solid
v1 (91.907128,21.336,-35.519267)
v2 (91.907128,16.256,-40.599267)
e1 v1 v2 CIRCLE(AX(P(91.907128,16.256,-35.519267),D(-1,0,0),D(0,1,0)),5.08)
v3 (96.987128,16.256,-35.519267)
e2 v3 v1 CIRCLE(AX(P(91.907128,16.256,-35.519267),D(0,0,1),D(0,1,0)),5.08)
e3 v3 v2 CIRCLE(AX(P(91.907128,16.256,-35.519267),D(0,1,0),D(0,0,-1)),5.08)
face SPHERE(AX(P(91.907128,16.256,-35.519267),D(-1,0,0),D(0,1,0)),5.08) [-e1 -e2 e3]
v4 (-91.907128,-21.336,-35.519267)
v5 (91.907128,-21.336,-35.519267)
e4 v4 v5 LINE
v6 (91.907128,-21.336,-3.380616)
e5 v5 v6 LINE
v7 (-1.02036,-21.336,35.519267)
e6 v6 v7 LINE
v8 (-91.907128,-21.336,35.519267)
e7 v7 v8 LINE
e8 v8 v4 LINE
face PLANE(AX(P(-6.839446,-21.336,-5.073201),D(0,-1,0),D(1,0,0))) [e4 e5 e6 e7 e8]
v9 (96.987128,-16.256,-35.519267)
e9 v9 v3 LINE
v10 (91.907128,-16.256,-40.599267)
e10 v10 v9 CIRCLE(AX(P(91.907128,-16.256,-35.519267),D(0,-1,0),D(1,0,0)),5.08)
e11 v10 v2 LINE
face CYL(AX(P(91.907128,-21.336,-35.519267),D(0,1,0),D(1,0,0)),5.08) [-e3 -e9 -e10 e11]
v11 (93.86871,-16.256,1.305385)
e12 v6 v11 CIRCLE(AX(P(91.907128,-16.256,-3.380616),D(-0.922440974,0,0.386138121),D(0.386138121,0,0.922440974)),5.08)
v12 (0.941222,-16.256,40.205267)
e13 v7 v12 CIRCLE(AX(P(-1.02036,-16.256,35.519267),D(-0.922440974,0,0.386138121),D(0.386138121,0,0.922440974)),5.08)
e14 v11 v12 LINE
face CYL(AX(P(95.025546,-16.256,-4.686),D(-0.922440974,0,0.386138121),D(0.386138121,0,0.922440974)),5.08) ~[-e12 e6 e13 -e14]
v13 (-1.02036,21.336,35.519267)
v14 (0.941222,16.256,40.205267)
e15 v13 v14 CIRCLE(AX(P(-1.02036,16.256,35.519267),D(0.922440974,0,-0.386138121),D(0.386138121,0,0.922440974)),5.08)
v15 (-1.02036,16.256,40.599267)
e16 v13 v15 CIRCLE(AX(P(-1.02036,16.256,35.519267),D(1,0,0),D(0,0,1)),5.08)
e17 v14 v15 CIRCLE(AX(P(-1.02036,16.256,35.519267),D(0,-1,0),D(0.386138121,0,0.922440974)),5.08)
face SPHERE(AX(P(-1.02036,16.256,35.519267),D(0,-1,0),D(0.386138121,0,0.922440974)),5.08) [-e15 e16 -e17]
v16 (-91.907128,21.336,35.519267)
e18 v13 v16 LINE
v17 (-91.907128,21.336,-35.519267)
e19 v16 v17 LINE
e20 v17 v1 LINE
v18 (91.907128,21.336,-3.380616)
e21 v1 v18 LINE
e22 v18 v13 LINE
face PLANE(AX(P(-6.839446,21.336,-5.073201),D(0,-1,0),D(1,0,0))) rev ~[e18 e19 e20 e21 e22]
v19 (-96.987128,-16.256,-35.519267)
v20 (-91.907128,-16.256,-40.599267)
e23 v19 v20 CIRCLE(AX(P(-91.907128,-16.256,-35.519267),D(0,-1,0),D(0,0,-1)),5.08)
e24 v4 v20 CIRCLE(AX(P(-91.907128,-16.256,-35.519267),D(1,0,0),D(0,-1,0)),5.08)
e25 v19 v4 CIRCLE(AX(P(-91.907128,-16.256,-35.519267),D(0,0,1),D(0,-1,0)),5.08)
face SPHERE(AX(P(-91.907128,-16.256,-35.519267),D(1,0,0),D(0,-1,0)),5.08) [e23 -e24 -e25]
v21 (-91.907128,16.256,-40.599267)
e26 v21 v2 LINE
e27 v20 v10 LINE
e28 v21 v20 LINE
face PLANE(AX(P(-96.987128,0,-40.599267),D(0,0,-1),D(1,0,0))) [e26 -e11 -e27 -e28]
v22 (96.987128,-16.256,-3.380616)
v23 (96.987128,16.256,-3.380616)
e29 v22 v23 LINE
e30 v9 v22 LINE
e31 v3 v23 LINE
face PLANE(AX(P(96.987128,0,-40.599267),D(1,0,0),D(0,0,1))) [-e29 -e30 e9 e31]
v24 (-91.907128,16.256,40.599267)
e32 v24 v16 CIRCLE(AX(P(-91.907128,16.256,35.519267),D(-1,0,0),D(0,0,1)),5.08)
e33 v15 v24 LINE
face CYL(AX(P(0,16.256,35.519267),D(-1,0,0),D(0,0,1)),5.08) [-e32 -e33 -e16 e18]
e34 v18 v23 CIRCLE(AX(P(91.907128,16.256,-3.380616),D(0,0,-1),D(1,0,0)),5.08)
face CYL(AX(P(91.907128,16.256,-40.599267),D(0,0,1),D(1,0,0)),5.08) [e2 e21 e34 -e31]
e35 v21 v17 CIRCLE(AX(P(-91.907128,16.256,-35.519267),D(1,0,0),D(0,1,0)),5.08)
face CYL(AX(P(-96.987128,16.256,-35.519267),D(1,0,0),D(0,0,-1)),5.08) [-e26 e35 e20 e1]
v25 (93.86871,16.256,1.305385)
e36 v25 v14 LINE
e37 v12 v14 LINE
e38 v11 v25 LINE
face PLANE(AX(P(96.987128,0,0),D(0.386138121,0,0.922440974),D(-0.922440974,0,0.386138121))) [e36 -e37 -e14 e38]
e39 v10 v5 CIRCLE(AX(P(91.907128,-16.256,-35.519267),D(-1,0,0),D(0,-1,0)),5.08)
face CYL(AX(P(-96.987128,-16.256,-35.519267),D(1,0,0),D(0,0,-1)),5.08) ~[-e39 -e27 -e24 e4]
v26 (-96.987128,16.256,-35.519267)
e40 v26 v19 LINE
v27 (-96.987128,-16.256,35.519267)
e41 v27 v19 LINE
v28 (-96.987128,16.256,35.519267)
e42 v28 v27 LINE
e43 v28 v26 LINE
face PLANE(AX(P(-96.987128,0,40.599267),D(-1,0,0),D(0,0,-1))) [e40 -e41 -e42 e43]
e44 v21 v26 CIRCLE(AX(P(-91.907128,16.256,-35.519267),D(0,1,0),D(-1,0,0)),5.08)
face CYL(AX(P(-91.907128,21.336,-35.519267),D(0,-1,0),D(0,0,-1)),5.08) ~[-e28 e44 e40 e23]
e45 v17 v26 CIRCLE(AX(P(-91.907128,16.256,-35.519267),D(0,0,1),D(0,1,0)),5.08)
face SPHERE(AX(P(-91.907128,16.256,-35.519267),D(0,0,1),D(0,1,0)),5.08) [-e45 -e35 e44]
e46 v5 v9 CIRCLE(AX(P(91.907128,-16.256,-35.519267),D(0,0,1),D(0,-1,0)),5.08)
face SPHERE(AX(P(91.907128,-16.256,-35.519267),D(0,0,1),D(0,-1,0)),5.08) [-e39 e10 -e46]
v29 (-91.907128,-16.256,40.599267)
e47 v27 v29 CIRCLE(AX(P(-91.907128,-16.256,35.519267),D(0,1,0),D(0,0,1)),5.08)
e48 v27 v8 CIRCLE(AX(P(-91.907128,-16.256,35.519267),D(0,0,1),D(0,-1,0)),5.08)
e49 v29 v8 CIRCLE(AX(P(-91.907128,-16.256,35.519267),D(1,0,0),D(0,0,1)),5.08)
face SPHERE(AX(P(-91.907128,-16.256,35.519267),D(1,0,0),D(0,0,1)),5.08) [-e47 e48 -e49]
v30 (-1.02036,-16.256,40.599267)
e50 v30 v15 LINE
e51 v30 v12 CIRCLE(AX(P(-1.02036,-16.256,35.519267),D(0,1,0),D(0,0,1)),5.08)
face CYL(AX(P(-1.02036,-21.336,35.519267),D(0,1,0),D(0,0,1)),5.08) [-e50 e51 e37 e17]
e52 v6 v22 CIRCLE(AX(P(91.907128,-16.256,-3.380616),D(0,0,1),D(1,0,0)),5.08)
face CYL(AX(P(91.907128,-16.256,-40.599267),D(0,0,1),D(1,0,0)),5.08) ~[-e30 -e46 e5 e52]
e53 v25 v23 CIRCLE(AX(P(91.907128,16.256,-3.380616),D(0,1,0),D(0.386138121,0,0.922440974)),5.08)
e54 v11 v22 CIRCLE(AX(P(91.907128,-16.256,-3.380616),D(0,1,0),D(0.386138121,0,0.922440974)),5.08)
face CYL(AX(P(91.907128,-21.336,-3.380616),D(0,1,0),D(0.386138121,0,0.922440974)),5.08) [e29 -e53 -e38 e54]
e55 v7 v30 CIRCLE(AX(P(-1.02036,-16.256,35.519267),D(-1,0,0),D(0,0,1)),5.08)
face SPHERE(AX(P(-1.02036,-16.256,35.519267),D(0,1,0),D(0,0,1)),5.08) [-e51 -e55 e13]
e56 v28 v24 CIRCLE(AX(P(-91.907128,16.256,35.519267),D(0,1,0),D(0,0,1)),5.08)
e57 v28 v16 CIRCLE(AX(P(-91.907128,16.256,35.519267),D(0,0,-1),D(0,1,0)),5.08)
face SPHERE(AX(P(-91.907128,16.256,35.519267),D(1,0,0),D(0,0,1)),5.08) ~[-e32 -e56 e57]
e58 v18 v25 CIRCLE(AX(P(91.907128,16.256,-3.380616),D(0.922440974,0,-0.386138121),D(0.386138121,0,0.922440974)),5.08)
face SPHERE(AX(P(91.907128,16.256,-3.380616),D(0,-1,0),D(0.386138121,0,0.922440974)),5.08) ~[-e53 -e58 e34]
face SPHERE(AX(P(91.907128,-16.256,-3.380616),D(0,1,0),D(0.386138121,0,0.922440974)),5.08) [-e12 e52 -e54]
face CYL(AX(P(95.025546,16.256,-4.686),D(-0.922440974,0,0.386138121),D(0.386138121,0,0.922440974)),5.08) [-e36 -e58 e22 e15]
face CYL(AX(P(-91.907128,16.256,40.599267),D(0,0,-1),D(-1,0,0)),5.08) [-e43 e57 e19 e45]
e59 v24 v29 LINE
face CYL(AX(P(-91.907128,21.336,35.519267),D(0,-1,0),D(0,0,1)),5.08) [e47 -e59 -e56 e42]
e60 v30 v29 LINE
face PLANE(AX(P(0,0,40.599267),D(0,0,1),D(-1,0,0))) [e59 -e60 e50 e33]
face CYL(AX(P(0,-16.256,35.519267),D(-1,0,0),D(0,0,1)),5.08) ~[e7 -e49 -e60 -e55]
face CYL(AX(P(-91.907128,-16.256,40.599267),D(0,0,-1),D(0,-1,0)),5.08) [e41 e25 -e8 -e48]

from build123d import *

# Parameters (mm, degrees)
F1_DEPTH = 21.336
F2_R     = 5.08


with BuildPart() as f1:
    # F0 (on Front) → F1 (new body, symmetric)
    with BuildSketch(Plane.XZ):
        Polygon((0, 40.599267), (-96.987128, 40.599267), (-96.987128, -40.599267), (96.987128, -40.599267), (96.987128, 0), align=None)
    extrude(amount=F1_DEPTH, both=True)

    # F2
    f2_edges = [f1.edges().sort_by_distance(p)[0] for p in [
        (-48.493564, -21.336, 40.599267),
        (48.493564, -21.336, 20.299633),
        (96.987128, -21.336, -20.299633),
        (96.987128, 0, 0),
        (0, -21.336, -40.599267),
        (48.493564, 21.336, 20.299633),
        (-48.493564, 21.336, 40.599267),
        (-96.987128, 0, 40.599267),
        (-96.987128, -21.336, 0),
        (-96.987128, 21.336, 0),
        (0, 21.336, -40.599267),
        (-96.987128, 0, -40.599267),
        (96.987128, 21.336, -20.299633),
        (96.987128, 0, -40.599267),
        (0, 0, 40.599267),
    ]]
    fillet(f2_edges, radius=F2_R)


solid = f1.part
